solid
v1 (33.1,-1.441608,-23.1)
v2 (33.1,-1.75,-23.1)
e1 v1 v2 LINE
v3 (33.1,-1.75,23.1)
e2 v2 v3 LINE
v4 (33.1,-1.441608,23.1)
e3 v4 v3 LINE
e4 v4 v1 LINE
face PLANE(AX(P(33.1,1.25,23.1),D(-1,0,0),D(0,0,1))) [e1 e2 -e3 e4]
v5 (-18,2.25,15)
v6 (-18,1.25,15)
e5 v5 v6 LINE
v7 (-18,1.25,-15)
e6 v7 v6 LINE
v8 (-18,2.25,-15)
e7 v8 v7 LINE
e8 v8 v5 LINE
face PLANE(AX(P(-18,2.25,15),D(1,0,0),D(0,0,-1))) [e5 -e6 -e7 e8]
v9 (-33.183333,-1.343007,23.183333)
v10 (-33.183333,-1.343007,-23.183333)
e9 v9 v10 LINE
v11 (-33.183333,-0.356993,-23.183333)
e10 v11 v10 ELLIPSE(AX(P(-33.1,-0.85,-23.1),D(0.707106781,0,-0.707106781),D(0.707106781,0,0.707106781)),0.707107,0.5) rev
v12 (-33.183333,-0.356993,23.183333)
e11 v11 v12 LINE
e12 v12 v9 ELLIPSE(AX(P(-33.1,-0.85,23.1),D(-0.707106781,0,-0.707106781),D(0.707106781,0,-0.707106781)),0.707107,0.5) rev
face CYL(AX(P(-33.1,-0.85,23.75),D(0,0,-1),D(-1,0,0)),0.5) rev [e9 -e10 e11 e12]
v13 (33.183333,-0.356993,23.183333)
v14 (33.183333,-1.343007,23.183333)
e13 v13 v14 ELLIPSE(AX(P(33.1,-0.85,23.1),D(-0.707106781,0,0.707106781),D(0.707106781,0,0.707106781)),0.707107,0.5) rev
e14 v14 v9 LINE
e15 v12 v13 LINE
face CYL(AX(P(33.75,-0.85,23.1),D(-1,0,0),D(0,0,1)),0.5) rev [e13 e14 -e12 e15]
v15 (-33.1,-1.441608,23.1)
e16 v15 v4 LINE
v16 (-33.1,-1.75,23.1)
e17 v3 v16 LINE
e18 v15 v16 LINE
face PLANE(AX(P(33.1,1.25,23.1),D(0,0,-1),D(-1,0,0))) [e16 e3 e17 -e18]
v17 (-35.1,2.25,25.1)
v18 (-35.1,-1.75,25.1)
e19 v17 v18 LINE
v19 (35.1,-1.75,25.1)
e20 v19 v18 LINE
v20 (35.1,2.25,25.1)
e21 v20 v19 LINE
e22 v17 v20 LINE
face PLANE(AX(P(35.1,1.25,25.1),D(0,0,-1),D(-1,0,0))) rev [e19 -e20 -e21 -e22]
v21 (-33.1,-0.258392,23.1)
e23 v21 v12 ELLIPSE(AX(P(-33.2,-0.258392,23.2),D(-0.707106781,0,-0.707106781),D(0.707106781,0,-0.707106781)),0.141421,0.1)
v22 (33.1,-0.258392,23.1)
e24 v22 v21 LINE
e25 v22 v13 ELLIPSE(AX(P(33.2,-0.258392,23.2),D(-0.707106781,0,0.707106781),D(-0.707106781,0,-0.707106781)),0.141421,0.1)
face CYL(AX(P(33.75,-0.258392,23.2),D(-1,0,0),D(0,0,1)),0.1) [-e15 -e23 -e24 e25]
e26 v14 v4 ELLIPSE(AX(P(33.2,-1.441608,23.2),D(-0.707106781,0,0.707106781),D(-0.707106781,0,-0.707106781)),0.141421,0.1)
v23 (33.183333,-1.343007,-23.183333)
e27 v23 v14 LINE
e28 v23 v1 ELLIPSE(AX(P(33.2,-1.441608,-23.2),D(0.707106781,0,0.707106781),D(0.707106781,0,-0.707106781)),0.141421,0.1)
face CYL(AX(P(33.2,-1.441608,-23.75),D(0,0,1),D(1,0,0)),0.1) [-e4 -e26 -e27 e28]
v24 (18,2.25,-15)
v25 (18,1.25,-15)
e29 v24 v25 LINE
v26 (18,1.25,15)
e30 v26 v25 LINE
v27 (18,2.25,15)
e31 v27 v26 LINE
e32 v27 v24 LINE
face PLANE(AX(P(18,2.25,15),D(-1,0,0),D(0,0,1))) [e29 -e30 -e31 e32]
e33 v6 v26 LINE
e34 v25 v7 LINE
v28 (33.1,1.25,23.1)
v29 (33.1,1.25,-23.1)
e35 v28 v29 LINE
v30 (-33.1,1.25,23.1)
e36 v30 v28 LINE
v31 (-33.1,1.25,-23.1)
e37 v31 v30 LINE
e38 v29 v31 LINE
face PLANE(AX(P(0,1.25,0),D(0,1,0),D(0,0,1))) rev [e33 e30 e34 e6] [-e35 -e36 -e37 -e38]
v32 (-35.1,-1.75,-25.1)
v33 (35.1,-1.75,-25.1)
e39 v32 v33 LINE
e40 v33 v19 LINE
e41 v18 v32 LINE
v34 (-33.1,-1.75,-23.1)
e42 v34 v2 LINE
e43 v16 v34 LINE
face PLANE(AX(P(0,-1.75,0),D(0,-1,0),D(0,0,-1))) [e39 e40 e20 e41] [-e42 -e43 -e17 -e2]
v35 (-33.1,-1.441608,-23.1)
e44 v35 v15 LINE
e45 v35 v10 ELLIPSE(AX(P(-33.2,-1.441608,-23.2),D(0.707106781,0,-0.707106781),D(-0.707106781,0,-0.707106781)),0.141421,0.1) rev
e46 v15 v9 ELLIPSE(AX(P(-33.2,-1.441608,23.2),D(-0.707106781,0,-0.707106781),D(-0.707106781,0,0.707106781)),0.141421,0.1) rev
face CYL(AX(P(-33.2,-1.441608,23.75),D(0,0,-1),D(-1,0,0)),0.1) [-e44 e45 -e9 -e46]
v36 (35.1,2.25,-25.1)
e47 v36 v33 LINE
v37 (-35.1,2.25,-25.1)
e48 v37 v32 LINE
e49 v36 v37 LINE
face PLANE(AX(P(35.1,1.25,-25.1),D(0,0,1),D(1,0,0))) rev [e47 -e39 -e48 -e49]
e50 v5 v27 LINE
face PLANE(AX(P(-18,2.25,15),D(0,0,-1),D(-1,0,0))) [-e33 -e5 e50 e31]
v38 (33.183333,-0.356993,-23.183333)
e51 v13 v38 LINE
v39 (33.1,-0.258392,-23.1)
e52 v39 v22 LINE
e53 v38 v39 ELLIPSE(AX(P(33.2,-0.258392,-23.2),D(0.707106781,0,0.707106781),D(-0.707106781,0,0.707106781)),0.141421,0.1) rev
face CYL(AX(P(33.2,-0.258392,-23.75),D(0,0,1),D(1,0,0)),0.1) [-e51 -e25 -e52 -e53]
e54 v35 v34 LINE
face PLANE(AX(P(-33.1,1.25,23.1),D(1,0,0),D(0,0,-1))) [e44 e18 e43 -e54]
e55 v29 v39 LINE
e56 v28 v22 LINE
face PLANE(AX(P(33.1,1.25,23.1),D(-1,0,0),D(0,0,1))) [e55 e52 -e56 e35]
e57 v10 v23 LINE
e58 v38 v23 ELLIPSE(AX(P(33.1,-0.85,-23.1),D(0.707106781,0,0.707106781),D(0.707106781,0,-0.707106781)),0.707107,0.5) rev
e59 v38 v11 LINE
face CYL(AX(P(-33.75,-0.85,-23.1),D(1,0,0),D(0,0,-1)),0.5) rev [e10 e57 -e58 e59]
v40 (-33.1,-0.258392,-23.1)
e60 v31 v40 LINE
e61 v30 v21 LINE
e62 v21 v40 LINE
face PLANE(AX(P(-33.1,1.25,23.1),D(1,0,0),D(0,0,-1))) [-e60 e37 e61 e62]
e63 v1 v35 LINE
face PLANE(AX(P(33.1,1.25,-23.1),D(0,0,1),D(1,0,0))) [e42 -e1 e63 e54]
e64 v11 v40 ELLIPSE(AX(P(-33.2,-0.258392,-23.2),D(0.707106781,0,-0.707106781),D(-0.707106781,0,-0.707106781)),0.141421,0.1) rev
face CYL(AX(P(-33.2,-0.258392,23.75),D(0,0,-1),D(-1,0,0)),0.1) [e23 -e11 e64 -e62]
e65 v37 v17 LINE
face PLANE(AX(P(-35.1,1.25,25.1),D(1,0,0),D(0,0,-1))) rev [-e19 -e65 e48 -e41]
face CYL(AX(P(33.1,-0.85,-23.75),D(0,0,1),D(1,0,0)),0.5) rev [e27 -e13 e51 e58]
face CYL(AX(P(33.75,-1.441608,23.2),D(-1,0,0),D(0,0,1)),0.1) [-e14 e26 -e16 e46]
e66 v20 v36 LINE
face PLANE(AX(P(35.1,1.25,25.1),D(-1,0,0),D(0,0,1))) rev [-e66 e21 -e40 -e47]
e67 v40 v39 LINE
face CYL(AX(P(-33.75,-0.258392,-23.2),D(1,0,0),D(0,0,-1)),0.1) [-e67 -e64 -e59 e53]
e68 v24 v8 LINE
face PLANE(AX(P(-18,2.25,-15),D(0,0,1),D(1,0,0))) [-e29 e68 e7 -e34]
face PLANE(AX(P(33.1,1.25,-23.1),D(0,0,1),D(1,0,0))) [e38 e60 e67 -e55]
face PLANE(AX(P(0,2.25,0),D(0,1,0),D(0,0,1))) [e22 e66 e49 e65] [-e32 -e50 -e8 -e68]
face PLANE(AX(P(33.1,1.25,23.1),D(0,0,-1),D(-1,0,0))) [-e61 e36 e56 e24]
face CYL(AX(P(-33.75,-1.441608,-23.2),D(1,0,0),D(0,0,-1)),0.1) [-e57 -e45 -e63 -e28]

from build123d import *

# Parameters (mm, degrees)
SKETCH1_W            = 70.2
SKETCH1_H            = 50.2
SKETCH1_W_2          = 66.2
SKETCH1_H_2          = 46.2
BOSS_EXTRUDE1_DEPTH  = 1.25
SKETCH2_W            = 70.2
SKETCH2_H            = 50.2
SKETCH2_W_2          = 36
SKETCH2_H_2          = 30
BOSS_EXTRUDE2_DEPTH  = 1
SKETCH15_W           = 70.2
SKETCH15_H           = 50.2
SKETCH15_W_2         = 66.2
SKETCH15_H_2         = 46.2
BOSS_EXTRUDE3_DEPTH  = 1.75
CUT_SWEEP2_PROFILE_R = 0.5
FILLET2_R            = 0.1


with BuildPart() as part:
    # Sketch1 → Boss-Extrude1 (new body)
    with BuildSketch(Plane(origin=(0, 0, 0), x_dir=(1, 0, 0), z_dir=(0, 1, 0))):
        Rectangle(SKETCH1_W, SKETCH1_H)
        Rectangle(SKETCH1_W_2, SKETCH1_H_2, mode=Mode.SUBTRACT)
    extrude(amount=BOSS_EXTRUDE1_DEPTH)

    # Sketch2 → Boss-Extrude2 (add)
    with BuildSketch(Plane(origin=(0, 1.25, 0), x_dir=(1, 0, 0), z_dir=(0, 1, 0))):
        Rectangle(SKETCH2_W, SKETCH2_H)
        Rectangle(SKETCH2_W_2, SKETCH2_H_2, mode=Mode.SUBTRACT)
    extrude(amount=BOSS_EXTRUDE2_DEPTH)

    # Sketch15 → Boss-Extrude3 (add)
    with BuildSketch(Plane.XZ):
        Rectangle(SKETCH15_W, SKETCH15_H)
        Rectangle(SKETCH15_W_2, SKETCH15_H_2, mode=Mode.SUBTRACT)
    extrude(amount=BOSS_EXTRUDE3_DEPTH)

    # Cut-Sweep2: sweep along a path in Sketch3
    with BuildLine(Plane(origin=(0, -0.85, 0), x_dir=(-1, 0, 0), z_dir=(0, -1, 0))) as cut_sweep2_path:
        Line((-33.1, 23.1), (33.1, 23.1))
        Line((33.1, 23.1), (33.1, -23.1))
        Line((33.1, -23.1), (-33.1, -23.1))
        Line((-33.1, -23.1), (-33.1, 23.1))
    # Cut-Sweep2 profile (on start of the path) → Cut-Sweep2 (sweep, cut)
    with BuildSketch(Plane(origin=(33.1, -0.85, -23.1), x_dir=(0, 0, -1), z_dir=(-1, 0, 0))):
        Circle(CUT_SWEEP2_PROFILE_R)
    sweep(path=cut_sweep2_path.line, transition=Transition.RIGHT, mode=Mode.SUBTRACT)

    # Fillet2
    fillet2_edges = [part.edges().sort_by_distance(p)[0] for p in [
        (0, -0.35, -23.1),
        (0, -1.35, -23.1),
        (0, -1.35, 23.1),
        (0, -0.35, 23.1),
        (-33.1, -1.35, 0),
        (-33.1, -0.35, 0),
        (33.1, -1.35, 0),
        (33.1, -0.35, 0),
    ]]
    fillet(fillet2_edges, radius=FILLET2_R)


solid = part.part
